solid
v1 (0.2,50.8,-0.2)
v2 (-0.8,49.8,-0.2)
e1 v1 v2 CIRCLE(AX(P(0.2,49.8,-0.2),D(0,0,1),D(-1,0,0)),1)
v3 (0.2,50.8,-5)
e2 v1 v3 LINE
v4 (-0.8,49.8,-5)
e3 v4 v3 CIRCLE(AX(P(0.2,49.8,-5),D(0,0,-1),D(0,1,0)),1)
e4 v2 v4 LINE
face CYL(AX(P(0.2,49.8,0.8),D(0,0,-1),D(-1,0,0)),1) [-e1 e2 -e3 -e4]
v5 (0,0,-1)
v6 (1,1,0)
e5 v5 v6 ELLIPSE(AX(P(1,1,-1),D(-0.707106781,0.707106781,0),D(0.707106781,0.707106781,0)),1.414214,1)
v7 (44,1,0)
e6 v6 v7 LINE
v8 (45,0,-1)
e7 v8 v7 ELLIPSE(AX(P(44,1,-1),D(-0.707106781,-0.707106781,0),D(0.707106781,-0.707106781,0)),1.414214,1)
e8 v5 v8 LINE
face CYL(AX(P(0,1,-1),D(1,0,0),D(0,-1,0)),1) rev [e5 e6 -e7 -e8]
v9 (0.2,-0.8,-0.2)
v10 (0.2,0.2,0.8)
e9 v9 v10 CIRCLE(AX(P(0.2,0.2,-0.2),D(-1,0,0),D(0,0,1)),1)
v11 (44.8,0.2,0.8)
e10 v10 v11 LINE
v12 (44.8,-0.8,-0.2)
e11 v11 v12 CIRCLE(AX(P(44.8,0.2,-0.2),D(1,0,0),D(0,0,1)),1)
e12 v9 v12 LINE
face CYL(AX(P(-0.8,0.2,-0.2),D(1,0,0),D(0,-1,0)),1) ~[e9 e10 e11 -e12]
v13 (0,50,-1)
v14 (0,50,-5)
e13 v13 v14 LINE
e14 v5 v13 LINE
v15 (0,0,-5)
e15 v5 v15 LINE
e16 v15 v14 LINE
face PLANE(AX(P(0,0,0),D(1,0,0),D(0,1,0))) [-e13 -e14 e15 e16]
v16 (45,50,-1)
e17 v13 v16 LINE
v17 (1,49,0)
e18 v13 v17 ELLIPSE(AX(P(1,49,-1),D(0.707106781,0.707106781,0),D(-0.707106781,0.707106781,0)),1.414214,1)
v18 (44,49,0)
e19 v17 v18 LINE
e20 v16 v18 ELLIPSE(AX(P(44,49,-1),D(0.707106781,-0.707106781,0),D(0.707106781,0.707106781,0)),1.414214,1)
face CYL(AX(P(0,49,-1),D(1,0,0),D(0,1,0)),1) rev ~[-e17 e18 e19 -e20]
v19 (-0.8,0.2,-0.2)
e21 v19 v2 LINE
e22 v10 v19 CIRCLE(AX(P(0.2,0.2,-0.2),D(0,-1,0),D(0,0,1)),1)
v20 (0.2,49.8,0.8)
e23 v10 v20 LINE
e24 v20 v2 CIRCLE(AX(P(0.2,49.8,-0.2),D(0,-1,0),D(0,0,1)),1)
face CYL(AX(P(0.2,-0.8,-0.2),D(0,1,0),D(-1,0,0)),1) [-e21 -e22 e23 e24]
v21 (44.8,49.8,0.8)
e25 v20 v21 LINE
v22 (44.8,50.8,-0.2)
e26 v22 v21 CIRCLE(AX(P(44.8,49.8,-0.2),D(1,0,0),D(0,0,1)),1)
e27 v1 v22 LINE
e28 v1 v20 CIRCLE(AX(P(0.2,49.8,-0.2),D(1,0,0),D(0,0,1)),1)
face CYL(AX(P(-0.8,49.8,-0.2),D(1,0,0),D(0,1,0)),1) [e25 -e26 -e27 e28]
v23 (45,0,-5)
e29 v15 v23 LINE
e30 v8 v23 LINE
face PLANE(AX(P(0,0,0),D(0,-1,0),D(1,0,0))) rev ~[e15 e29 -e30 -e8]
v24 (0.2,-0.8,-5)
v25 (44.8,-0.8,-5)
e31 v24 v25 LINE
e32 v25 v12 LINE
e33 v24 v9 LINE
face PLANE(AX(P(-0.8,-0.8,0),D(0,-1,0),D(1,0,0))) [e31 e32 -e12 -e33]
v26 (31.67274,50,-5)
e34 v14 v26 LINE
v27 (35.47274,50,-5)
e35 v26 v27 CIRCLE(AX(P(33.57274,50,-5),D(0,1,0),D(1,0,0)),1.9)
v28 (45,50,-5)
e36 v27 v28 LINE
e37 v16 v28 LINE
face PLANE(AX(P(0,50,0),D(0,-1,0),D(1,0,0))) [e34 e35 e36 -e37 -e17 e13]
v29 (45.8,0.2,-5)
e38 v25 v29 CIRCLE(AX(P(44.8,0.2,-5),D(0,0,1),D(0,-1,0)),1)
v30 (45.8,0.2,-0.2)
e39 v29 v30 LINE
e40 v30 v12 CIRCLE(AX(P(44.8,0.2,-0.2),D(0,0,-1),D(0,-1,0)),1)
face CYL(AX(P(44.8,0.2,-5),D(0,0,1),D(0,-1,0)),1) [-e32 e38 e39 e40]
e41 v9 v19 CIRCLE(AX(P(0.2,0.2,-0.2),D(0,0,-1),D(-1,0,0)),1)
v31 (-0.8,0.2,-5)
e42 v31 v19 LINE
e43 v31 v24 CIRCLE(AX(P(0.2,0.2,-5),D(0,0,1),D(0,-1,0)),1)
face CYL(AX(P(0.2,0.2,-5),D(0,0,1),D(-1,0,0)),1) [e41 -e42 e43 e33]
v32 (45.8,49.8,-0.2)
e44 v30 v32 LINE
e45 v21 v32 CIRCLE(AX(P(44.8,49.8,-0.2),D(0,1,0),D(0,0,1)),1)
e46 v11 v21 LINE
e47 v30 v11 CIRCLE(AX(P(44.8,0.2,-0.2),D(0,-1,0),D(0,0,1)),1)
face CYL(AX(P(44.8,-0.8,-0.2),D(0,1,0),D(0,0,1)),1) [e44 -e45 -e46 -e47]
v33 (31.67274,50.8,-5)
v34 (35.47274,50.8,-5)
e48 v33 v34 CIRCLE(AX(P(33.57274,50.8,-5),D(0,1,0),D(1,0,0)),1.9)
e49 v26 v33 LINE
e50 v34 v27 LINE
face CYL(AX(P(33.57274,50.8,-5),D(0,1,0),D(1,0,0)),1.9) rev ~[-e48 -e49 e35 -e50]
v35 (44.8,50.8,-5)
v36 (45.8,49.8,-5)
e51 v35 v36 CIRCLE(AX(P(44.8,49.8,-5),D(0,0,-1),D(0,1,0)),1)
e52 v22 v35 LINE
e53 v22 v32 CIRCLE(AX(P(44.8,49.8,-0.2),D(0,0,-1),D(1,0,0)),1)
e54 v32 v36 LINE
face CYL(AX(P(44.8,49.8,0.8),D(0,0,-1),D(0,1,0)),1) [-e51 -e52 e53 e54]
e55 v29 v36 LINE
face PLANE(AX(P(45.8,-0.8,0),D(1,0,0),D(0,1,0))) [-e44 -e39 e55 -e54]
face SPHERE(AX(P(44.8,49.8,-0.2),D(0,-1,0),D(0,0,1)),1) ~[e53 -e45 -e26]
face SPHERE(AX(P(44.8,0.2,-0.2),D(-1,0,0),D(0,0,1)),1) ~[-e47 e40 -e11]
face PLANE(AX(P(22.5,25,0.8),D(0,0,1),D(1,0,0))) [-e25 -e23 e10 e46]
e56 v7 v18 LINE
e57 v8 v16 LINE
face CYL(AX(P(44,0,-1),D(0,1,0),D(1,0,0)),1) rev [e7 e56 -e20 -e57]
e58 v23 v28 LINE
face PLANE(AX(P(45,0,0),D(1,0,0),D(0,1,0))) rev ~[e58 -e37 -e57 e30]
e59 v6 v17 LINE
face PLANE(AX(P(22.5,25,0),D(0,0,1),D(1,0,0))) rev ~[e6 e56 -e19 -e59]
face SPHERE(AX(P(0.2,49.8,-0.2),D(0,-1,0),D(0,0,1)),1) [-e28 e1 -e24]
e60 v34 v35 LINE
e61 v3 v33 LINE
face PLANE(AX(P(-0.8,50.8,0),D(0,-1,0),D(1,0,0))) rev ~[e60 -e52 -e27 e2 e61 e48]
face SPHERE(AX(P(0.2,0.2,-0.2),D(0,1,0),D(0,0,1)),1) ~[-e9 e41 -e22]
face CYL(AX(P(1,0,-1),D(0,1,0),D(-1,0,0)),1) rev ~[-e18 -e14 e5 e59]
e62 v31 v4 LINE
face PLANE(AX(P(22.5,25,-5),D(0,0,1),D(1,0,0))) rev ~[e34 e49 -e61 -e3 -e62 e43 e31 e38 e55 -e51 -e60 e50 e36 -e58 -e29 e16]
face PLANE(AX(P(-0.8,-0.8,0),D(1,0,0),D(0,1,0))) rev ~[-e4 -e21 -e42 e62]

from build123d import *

# Parameters (mm, degrees)
F0_W     = 46.6
F0_H     = 51.6
F0_W_2   = 45
F0_H_2   = 50
F1_DEPTH = 0.8
F2_DEPTH = 5
F4_DEPTH = 0.8
F5_R     = 1


with BuildPart() as f1:
    # F0 (on Top) → F1 (new body)
    with BuildSketch(Plane.XY):
        with Locations((22.5, 25)):
            Rectangle(F0_W, F0_H)
        with Locations((22.5, 25)):
            Rectangle(F0_W_2, F0_H_2, mode=Mode.SUBTRACT)
        with Locations((22.5, 25)):
            Rectangle(F0_W_2, F0_H_2)
    extrude(amount=F1_DEPTH)

    # F0 (on Top) → F2 (join)
    with BuildSketch(Plane.XY):
        with Locations((22.5, 25)):
            Rectangle(F0_W, F0_H)
        with Locations((22.5, 25)):
            Rectangle(F0_W_2, F0_H_2, mode=Mode.SUBTRACT)
    extrude(amount=-F2_DEPTH)

    # F3 (on face) → F4 (cut, through all)
    with BuildSketch(Plane(origin=(0, 50.8, 0), x_dir=(-1, 0, 0), z_dir=(0, 1, 0))):
        with BuildLine():
            Line((-35.47274, -5), (-31.67274, -5))
            ThreePointArc((-31.67274, -5), (-33.57274, -3.1), (-35.47274, -5))
        make_face()
        with BuildLine():
            ThreePointArc((-35.47274, -5), (-33.57274, -6.9), (-31.67274, -5))
            Line((-31.67274, -5), (-35.47274, -5))
        make_face()
    extrude(amount=-F4_DEPTH, mode=Mode.SUBTRACT)

    # F5
    f5_edges = [f1.edges().sort_by_distance(p)[0] for p in [
        (-0.8, 25, 0.8),
        (22.5, -0.8, 0.8),
        (45.8, 25, 0.8),
        (22.5, 50.8, 0.8),
        (-0.8, 50.8, -2.1),
        (45.8, 50.8, -2.1),
        (-0.8, -0.8, -2.1),
        (45.8, -0.8, -2.1),
        (22.5, 0, 0),
        (0, 25, 0),
        (22.5, 50, 0),
        (45, 25, 0),
    ]]
    fillet(f5_edges, radius=F5_R)


solid = f1.part
